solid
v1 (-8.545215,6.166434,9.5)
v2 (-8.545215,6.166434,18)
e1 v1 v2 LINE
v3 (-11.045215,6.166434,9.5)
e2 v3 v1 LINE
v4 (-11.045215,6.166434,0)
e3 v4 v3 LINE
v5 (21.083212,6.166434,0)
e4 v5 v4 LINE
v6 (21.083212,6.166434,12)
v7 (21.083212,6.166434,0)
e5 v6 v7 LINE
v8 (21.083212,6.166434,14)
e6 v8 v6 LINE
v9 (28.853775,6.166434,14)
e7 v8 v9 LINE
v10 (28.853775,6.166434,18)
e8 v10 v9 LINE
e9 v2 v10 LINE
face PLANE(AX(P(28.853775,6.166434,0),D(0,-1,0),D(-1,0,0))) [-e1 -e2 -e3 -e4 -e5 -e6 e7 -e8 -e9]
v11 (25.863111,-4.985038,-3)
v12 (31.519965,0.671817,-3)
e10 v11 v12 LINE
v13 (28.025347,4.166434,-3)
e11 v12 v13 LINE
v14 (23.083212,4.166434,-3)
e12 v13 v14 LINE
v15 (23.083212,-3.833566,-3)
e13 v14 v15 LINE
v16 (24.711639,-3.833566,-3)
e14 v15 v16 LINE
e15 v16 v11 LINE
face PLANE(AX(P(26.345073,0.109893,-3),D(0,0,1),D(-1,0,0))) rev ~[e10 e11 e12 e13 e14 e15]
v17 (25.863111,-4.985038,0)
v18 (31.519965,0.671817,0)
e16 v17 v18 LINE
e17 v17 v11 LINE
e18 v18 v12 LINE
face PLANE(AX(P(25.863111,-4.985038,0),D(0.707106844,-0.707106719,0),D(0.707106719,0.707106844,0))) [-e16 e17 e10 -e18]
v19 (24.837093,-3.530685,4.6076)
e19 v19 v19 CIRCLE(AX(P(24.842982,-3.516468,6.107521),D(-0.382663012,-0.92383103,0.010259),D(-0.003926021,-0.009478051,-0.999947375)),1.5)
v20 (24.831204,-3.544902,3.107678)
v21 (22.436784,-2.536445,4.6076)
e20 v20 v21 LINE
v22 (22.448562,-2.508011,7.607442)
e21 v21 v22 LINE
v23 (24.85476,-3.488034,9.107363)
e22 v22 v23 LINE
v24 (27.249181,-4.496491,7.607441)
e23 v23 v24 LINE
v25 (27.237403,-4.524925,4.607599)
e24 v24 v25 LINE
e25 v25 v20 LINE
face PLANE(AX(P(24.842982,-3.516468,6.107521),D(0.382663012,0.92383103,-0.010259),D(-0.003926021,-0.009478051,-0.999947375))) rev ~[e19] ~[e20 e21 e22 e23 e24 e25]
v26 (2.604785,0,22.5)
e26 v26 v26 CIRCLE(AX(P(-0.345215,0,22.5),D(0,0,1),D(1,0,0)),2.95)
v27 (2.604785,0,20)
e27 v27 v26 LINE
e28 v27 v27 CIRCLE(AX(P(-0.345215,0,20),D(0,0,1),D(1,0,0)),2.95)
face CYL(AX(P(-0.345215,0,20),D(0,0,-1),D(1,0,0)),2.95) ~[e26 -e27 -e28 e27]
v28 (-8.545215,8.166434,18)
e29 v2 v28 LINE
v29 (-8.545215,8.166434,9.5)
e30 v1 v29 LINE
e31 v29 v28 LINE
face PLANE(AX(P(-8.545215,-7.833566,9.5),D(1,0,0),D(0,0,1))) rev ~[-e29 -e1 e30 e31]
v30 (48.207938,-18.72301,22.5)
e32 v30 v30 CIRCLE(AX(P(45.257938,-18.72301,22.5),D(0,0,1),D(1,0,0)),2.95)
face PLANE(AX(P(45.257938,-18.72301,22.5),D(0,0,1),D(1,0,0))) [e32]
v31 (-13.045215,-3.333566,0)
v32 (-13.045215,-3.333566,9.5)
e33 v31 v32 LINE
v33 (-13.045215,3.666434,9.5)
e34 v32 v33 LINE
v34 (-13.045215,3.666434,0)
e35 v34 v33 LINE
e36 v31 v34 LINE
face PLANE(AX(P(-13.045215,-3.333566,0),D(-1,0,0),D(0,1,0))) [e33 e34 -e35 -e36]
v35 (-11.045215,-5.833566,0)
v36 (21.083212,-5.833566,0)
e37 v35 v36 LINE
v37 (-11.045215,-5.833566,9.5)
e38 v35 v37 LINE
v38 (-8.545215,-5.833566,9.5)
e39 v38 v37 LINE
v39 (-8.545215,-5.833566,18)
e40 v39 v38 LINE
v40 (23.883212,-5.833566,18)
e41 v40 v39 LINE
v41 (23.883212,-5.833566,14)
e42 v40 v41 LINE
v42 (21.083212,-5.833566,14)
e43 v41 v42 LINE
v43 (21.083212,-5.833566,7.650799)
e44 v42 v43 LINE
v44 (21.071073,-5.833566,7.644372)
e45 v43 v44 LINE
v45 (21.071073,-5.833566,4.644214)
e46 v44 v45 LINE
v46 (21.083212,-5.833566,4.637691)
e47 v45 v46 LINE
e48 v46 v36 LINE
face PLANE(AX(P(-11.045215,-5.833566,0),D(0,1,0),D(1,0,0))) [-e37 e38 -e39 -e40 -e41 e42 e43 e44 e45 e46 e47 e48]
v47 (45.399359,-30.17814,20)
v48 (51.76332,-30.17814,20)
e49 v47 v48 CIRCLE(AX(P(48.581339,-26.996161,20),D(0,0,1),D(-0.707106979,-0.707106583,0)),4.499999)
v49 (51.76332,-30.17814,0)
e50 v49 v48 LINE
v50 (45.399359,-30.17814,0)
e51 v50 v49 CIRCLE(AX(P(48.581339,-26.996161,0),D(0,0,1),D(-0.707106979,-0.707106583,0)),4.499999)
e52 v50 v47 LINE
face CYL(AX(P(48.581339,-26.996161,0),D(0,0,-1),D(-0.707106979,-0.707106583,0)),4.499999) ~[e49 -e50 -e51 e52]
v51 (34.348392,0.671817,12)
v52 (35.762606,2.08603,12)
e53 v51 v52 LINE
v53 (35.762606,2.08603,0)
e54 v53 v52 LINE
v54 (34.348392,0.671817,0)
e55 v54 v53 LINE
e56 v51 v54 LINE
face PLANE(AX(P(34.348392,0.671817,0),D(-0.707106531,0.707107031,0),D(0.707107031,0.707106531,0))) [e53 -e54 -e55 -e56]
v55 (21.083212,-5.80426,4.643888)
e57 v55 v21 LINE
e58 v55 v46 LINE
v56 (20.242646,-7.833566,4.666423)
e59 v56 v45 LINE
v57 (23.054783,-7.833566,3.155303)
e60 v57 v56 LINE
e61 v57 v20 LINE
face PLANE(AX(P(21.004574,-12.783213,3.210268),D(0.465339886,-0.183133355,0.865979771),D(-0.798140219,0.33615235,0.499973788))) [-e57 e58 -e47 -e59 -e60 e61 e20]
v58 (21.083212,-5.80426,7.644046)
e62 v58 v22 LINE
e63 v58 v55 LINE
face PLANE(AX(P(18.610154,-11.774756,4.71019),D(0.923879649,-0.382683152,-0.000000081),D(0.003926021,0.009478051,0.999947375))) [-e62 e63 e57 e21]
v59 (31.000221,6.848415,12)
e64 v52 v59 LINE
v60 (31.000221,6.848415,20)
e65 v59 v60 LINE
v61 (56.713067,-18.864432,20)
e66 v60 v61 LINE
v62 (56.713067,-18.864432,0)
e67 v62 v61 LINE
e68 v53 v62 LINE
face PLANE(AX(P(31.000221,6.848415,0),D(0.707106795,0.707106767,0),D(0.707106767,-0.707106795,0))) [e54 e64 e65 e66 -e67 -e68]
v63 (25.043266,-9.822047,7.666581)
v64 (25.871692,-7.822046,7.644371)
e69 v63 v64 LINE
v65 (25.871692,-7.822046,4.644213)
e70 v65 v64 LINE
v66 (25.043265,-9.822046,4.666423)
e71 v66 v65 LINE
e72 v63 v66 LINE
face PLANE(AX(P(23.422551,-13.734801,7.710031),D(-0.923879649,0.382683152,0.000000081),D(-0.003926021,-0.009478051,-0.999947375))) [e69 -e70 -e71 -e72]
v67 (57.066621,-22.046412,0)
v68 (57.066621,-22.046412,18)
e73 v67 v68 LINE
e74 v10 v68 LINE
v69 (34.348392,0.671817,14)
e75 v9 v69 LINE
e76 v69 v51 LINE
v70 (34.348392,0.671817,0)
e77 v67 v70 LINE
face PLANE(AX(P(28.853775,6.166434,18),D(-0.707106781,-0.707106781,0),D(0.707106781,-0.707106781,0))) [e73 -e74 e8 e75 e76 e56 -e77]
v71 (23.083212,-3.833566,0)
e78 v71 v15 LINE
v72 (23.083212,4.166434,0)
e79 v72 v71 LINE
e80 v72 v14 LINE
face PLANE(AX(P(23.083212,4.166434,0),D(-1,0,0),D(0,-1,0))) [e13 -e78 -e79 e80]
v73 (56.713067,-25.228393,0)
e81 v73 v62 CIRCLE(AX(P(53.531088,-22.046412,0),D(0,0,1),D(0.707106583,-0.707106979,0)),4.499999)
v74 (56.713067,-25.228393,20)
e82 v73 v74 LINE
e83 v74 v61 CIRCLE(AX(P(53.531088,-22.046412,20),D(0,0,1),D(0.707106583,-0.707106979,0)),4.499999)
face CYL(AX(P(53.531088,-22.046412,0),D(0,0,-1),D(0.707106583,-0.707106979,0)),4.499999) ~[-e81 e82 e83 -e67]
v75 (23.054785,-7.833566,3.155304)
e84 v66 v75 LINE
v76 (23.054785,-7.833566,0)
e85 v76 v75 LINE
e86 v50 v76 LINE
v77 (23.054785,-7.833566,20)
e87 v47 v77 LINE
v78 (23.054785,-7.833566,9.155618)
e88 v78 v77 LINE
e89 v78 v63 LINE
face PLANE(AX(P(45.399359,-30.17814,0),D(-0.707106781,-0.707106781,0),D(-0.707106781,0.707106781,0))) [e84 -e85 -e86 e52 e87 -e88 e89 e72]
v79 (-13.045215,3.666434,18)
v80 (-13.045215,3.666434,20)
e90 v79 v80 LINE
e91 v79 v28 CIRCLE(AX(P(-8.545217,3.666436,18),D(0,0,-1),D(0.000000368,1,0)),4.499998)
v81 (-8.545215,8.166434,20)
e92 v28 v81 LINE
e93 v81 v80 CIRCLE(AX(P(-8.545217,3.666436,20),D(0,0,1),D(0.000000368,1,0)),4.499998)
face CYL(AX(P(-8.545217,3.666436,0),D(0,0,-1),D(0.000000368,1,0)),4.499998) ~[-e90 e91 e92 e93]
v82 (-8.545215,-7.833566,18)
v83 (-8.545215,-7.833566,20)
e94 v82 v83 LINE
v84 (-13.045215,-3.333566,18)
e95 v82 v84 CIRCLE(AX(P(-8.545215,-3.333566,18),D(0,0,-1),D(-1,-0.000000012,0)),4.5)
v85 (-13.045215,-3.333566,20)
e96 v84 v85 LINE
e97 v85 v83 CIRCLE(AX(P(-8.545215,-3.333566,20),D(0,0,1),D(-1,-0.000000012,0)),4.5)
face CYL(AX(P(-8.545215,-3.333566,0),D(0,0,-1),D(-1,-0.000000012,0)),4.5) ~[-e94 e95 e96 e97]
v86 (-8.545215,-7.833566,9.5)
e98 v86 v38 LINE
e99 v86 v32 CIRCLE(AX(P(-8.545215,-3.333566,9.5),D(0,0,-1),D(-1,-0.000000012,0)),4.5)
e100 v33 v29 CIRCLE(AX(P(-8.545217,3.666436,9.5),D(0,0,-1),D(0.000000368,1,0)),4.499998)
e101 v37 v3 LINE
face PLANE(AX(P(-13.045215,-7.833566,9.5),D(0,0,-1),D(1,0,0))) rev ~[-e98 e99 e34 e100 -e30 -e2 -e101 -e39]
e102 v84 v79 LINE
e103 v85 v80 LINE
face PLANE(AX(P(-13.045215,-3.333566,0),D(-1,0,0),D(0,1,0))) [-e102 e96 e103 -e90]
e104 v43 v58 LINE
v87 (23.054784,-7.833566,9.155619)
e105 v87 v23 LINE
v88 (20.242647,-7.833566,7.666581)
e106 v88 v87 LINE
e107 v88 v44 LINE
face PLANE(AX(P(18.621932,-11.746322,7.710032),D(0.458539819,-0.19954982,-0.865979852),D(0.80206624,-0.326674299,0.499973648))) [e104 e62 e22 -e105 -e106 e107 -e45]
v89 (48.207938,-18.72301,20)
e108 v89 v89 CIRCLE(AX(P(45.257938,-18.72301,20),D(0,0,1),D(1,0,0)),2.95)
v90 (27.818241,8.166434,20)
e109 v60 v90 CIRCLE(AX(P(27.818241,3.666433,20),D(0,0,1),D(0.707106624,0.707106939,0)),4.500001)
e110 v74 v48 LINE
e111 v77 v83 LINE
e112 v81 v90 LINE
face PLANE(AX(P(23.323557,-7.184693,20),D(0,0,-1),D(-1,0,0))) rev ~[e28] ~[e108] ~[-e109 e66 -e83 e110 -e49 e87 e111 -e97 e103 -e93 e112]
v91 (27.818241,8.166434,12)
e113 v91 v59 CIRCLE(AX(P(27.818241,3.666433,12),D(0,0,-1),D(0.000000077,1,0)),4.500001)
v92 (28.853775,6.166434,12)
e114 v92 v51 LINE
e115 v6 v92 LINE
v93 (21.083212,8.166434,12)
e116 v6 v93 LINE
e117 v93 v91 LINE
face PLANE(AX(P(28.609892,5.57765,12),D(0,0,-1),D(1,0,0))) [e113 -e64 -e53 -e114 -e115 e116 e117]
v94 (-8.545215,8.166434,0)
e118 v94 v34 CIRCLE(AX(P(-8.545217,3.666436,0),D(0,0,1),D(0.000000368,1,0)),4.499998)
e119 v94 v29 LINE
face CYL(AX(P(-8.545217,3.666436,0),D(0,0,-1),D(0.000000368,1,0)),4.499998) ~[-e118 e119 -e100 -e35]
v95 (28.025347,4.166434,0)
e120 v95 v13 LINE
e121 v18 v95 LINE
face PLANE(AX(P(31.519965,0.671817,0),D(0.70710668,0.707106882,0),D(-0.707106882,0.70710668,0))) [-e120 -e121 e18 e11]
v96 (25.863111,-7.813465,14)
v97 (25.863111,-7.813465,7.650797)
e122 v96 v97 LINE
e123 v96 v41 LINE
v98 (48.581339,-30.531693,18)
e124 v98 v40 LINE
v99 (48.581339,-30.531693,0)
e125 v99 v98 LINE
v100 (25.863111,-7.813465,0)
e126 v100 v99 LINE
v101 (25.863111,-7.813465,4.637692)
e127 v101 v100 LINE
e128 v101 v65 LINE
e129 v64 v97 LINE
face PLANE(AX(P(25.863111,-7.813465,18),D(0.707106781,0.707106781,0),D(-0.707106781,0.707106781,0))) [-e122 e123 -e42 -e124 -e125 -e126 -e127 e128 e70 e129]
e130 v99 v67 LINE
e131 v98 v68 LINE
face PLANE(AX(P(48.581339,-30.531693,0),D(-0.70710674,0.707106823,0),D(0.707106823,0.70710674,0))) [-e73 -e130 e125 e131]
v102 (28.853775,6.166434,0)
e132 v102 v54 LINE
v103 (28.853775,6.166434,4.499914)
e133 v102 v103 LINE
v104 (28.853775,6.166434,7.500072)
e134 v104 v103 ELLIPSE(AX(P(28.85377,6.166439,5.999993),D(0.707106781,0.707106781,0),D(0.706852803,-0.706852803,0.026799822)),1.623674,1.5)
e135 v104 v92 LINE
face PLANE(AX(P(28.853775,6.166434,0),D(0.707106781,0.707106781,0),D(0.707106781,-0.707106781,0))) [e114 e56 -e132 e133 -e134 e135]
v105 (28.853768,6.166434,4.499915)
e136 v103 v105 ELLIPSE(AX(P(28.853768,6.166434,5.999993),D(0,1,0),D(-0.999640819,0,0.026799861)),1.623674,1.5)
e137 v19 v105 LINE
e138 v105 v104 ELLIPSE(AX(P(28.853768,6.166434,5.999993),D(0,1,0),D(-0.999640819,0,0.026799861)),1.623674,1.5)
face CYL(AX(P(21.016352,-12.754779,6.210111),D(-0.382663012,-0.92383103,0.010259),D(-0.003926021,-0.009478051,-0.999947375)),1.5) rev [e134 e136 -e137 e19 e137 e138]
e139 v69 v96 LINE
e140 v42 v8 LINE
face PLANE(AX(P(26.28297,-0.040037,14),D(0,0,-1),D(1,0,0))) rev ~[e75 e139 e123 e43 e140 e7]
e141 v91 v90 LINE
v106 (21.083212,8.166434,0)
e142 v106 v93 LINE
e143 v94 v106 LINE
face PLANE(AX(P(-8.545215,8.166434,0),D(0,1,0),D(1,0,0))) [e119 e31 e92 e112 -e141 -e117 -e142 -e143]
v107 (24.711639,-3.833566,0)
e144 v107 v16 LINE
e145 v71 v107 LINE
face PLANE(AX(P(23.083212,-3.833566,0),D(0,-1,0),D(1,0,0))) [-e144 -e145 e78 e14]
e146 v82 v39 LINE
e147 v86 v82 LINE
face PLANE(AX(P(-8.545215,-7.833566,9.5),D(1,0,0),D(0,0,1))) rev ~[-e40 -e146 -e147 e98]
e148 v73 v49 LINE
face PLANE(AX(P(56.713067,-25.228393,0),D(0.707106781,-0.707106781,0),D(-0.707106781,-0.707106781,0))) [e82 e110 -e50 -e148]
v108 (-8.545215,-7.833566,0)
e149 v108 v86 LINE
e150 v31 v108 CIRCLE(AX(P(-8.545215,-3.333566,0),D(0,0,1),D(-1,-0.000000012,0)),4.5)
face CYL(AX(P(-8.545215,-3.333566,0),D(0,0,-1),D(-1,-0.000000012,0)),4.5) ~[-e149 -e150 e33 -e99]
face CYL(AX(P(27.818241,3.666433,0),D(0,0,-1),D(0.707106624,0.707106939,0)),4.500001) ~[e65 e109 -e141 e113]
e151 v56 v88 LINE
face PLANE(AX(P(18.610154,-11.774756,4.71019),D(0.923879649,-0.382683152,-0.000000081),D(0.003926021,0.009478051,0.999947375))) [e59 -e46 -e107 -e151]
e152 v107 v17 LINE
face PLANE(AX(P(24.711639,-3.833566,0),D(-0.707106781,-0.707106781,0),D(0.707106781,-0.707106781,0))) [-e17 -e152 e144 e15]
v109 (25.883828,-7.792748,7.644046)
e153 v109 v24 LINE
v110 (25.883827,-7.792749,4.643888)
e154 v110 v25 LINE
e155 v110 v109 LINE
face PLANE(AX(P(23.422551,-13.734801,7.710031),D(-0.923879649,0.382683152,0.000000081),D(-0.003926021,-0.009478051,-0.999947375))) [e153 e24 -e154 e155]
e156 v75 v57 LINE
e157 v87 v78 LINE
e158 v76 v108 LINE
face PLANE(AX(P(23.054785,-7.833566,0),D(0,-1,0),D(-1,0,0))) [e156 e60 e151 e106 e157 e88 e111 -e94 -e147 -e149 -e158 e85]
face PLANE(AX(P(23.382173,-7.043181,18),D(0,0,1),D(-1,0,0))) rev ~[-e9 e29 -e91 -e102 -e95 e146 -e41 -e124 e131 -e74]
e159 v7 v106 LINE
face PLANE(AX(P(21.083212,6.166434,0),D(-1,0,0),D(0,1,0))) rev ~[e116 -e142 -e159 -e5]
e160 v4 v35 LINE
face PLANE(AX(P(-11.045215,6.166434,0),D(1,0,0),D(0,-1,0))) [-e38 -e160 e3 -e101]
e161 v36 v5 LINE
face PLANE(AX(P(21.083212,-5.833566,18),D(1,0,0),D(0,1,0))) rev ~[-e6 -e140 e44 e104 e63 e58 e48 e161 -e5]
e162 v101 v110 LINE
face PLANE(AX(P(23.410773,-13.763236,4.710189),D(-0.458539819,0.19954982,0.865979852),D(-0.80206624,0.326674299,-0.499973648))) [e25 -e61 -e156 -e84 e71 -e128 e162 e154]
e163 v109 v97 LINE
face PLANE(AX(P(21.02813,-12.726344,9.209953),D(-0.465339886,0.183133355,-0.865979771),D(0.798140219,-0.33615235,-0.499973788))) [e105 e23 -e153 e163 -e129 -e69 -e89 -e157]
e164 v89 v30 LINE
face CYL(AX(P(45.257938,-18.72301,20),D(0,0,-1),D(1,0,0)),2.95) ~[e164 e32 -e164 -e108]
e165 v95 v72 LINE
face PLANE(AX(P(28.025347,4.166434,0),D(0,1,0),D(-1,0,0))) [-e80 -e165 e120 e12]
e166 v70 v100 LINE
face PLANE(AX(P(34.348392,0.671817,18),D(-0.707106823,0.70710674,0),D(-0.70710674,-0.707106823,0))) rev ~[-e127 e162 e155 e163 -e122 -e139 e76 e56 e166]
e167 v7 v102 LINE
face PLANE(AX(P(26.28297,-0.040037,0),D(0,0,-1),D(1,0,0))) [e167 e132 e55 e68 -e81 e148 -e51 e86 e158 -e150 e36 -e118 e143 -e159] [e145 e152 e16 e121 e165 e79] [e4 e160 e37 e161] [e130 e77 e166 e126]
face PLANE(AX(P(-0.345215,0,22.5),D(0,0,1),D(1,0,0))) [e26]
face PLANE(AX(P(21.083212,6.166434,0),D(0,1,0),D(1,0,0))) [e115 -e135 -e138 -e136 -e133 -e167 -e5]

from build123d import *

# Parameters (mm, degrees)
PAD003_DEPTH    = 20
POCKET001_DEPTH = 18
SKETCH_W        = 4.5
SKETCH_H        = 8.5
POCKET_DEPTH    = 16.001
PAD_DEPTH       = 18
PAD004_DEPTH    = 3
POCKET002_DEPTH = 12
SKETCH009_R     = 1.5
POCKET003_DEPTH = 33.587329
POCKET004_DEPTH = 10
POCKET005_DEPTH = 4
SKETCH012_R     = 2.95
PAD005_DEPTH    = 2.5


with BuildPart() as part:
    # Sketch004 → Pad003 (new body)
    with BuildSketch(Plane.XY):
        with BuildLine():
            Line((-13.045215, -3.333566), (-13.045215, 3.666434))
            ThreePointArc((-8.545215, 8.166434), (-11.727196, 6.848415), (-13.045215, 3.666434))
            Line((-8.545215, 8.166434), (27.818241, 8.166434))
            ThreePointArc((31.000221, 6.848415), (29.540316, 7.823892), (27.818241, 8.166434))
            Line((31.000221, 6.848415), (56.713067, -18.864432))
            ThreePointArc((56.713067, -25.228393), (58.031087, -22.046412), (56.713067, -18.864432))
            Line((56.713067, -25.228393), (51.76332, -30.17814))
            ThreePointArc((45.399359, -30.17814), (48.581339, -31.49616), (51.76332, -30.17814))
            Line((45.399359, -30.17814), (23.054785, -7.833566))
            Line((23.054785, -7.833566), (-8.545215, -7.833566))
            ThreePointArc((-13.045215, -3.333566), (-11.727196, -6.515546), (-8.545215, -7.833566))
        make_face()
    extrude(amount=PAD003_DEPTH)

    # Sketch005 (on Face12 of Pad003) → Pocket001 (cut)
    with BuildSketch(Plane(origin=(0, 0, 0), x_dir=(1, 0, 0), z_dir=(0, 0, -1))):
        Polygon((-11.045215, -6.166434), (-11.045215, 5.833566), (23.883212, 5.833566), (48.581339, 30.531693), (57.066621, 22.046412), (28.853775, -6.166434), align=None)
    extrude(amount=-POCKET001_DEPTH, mode=Mode.SUBTRACT)

    # Sketch (on Face3 of Pocket001) → Pocket (cut, through all)
    with BuildSketch(Plane.XZ.offset(7.833566)):
        with Locations((-10.795215, 13.75)):
            Rectangle(SKETCH_W, SKETCH_H)
    extrude(amount=-POCKET_DEPTH, mode=Mode.SUBTRACT)

    # Sketch006 (on Face27 of Pocket) → Pad (join)
    with BuildSketch(Plane(origin=(0, 0, 18), x_dir=(1, 0, 0), z_dir=(0, 0, -1))):
        Polygon((21.083212, 5.833566), (21.083212, -6.166434), (28.853775, -6.166434), (34.348392, -0.671817), (25.863111, 7.813465), (23.883212, 5.833566), align=None)
    extrude(amount=PAD_DEPTH)

    # Sketch007 (on Face16 of Pad) → Pad004 (join)
    with BuildSketch(Plane(origin=(0, 0, 0), x_dir=(1, 0, 0), z_dir=(0, 0, -1))):
        Polygon((23.083212, 3.833566), (24.711639, 3.833566), (25.863111, 4.985038), (31.519965, -0.671817), (28.025347, -4.166434), (23.083212, -4.166434), align=None)
    extrude(amount=PAD004_DEPTH)

    # Sketch008 (on Face4 of Pad004) → Pocket002 (cut)
    with BuildSketch(Plane(origin=(0, 0, 0), x_dir=(1, 0, 0), z_dir=(0, 0, -1))):
        with BuildLine():
            Line((21.083212, -6.166434), (21.083212, -8.166434))
            Line((21.083212, -8.166434), (27.818241, -8.166434))
            ThreePointArc((27.818241, -8.166434), (29.540316, -7.823892), (31.000221, -6.848415))
            Line((35.762606, -2.08603), (31.000221, -6.848415))
            Line((34.348392, -0.671817), (35.762606, -2.08603))
            Line((28.853775, -6.166434), (34.348392, -0.671817))
            Line((21.083212, -6.166434), (28.853775, -6.166434))
        make_face()
    extrude(amount=-POCKET002_DEPTH, mode=Mode.SUBTRACT)

    # Sketch009 (on DatumPlane) → Pocket003 (cut, through all)
    with BuildSketch(Plane(origin=(20.996104, -12.803661, 1.052949), x_dir=(-0.003926, -0.009478, -0.999947), z_dir=(0.382663, 0.923831, -0.010259))):
        with Locations((-5.157433, 0)):
            Circle(SKETCH009_R)
    extrude(amount=POCKET003_DEPTH, mode=Mode.SUBTRACT)

    # Sketch010 (on DatumPlane) → Pocket004 (cut)
    with BuildSketch(Plane(origin=(20.996104, -12.803661, 1.052949), x_dir=(-0.003926, -0.009478, -0.999947), z_dir=(0.382663, 0.923831, -0.010259))):
        Polygon((-3.657433, -2.598076), (-2.157433, 0), (-3.657433, 2.598076), (-6.657433, 2.598076), (-8.157433, 0), (-6.657433, -2.598076), align=None)
    extrude(amount=POCKET004_DEPTH, mode=Mode.SUBTRACT)

    # Sketch011 (on Face47 of Pocket004) → Pocket005 (cut)
    with BuildSketch(Plane(origin=(0, 0, 18), x_dir=(1, 0, 0), z_dir=(0, 0, -1))):
        Polygon((21.083212, 5.833566), (21.083212, -6.166434), (28.853775, -6.166434), (34.348392, -0.671817), (25.863111, 7.813465), (23.883212, 5.833566), align=None)
    extrude(amount=POCKET005_DEPTH, mode=Mode.SUBTRACT)

    # Sketch012 (on Face7 of Pocket005) → Pad005 (join)
    with BuildSketch(Plane.XY.offset(20)):
        with Locations((-0.345215, 0)):
            Circle(SKETCH012_R)
        with Locations((45.257938, -18.72301)):
            Circle(SKETCH012_R)
    extrude(amount=PAD005_DEPTH)


solid = part.part
